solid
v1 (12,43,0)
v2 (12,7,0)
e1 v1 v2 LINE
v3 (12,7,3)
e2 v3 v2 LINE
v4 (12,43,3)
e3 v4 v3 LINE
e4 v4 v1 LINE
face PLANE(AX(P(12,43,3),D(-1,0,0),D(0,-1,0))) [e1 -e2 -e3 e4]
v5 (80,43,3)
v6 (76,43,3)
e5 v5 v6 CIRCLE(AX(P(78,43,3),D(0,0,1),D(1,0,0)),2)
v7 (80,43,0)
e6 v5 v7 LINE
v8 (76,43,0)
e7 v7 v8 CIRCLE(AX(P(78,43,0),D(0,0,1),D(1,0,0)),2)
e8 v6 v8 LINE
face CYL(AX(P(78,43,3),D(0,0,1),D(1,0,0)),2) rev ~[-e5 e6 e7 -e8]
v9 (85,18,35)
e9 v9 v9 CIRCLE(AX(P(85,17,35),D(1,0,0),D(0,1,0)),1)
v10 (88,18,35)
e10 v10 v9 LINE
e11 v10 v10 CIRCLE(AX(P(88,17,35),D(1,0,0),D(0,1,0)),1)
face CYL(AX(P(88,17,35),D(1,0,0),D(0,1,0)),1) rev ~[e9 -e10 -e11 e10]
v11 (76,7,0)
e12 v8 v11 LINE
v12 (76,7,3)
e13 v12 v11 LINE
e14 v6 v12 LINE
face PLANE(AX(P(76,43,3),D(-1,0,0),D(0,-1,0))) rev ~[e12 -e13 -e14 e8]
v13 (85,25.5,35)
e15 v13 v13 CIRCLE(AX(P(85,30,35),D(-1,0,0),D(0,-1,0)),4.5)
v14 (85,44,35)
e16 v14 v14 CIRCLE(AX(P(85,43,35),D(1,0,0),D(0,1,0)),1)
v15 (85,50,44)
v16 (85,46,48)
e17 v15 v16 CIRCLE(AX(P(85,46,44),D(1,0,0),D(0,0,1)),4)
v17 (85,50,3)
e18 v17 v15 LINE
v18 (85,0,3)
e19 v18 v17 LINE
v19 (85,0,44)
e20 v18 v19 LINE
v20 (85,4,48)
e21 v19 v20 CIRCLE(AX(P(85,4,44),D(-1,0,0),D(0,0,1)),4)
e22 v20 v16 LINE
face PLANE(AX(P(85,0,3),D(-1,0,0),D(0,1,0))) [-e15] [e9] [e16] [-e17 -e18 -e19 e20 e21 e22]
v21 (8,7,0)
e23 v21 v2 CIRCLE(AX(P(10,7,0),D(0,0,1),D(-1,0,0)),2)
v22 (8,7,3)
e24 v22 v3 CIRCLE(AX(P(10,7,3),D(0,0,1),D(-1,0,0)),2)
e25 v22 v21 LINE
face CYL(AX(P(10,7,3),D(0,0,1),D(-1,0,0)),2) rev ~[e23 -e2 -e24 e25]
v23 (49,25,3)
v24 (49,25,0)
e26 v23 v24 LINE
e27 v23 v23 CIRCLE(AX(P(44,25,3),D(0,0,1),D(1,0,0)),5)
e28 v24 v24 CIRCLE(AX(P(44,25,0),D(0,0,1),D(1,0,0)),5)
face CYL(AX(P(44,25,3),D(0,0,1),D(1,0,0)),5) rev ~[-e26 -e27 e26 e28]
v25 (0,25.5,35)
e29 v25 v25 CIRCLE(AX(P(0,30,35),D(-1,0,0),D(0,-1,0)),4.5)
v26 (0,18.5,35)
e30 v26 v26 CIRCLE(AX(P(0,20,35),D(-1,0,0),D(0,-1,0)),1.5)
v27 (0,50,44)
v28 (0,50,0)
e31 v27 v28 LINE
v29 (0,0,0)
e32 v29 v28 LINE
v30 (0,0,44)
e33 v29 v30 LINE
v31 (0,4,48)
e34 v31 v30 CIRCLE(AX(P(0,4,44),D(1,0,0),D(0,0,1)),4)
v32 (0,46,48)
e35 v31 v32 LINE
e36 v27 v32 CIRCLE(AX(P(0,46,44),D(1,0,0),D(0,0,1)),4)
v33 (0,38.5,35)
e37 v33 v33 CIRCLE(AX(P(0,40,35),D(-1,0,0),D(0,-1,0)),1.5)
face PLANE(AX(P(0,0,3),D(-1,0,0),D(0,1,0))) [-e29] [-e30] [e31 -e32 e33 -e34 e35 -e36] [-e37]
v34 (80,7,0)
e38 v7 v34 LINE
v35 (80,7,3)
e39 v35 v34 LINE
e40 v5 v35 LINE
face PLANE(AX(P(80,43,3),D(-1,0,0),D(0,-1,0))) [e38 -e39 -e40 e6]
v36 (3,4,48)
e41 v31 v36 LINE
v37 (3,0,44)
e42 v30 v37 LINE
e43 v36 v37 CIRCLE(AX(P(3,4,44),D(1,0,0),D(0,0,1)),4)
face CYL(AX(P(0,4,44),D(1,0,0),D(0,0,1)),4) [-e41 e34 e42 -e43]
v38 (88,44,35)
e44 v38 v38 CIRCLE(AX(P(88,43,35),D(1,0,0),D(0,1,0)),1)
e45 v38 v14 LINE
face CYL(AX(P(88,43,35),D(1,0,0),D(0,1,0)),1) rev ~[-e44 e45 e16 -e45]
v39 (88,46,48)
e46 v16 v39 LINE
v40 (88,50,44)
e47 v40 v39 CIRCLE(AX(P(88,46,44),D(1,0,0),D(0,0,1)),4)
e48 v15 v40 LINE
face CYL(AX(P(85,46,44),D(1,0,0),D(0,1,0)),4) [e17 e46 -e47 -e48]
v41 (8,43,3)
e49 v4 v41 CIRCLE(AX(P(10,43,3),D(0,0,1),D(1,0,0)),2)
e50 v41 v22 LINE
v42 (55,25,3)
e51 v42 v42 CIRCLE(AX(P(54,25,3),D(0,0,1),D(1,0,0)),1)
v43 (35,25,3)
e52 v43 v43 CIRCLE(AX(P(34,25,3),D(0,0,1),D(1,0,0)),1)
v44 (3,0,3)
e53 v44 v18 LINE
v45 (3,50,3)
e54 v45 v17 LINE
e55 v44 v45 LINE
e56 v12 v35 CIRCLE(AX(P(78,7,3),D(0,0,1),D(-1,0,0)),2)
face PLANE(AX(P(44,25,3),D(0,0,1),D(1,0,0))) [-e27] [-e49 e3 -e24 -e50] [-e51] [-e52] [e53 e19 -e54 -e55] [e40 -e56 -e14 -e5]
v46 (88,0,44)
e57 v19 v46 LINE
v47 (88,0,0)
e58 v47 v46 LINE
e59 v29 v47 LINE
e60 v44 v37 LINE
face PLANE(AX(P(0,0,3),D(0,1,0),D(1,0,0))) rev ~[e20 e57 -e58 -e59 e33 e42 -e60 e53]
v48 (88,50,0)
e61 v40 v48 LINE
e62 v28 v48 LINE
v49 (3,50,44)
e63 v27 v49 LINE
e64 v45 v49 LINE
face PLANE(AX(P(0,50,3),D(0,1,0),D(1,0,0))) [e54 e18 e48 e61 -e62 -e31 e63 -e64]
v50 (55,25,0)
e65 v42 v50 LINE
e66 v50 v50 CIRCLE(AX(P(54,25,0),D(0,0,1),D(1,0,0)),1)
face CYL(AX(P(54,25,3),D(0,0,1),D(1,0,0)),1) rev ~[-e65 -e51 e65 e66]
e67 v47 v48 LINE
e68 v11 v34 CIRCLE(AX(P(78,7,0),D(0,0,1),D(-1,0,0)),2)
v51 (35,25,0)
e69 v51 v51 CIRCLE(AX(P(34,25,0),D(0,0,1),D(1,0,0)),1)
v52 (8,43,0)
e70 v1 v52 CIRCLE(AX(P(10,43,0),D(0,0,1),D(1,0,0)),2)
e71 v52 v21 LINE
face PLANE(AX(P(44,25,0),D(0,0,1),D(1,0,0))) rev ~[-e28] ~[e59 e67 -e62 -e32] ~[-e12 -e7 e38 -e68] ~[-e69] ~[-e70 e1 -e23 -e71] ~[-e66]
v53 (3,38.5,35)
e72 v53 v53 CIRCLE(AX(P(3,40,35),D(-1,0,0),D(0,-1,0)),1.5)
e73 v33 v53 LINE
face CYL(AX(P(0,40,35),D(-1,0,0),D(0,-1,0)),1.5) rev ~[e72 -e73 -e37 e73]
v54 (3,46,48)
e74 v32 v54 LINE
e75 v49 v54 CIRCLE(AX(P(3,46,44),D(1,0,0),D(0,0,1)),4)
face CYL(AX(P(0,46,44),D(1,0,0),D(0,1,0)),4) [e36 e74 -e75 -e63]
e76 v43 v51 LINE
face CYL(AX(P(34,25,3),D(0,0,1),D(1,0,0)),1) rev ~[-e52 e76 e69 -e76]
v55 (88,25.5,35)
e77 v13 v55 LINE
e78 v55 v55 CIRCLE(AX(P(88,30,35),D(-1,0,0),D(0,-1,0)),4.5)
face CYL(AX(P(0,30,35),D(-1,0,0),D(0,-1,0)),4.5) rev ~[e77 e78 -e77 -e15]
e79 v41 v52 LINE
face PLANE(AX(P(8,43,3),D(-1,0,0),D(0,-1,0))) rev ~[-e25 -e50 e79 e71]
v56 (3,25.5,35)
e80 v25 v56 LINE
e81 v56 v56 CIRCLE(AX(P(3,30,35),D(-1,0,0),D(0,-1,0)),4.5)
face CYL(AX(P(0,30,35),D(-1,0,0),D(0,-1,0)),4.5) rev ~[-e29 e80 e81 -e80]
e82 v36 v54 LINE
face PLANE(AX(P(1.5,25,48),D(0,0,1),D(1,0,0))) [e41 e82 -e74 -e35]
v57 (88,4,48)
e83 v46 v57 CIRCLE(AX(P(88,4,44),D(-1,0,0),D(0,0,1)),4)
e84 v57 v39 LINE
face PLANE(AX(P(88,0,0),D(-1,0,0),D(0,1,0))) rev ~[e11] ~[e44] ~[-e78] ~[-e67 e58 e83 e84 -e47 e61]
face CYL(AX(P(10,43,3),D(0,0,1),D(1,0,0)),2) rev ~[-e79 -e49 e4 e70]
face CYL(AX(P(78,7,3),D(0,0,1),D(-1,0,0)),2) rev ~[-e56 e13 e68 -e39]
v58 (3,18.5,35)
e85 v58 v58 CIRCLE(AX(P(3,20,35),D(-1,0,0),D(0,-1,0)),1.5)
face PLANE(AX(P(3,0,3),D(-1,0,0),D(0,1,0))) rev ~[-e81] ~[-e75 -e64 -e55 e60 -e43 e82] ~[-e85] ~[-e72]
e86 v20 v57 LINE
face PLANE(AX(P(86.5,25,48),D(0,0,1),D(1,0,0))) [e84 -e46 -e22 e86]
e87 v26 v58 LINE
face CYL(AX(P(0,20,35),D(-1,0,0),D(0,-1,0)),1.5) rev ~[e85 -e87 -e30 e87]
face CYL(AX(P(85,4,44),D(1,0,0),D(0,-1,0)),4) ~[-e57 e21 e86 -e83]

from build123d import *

# Parameters (mm, degrees)
SKETCH_W        = 88
SKETCH_H        = 50
PAD_DEPTH       = 3
SKETCH001_R     = 5
POCKET_DEPTH    = 5
SKETCH002_W     = 3
SKETCH002_H     = 50
PAD001_DEPTH    = 45
SKETCH003_R     = 4.5
POCKET001_DEPTH = 90
FILLET_R        = 4
FILLET001_R     = 4
FILLET002_R     = 4
FILLET003_R     = 4
POCKET002_DEPTH = 5
SKETCH005_R     = 1.5
POCKET003_DEPTH = 5
SKETCH006_R     = 1
POCKET004_DEPTH = 5
SKETCH007_R     = 1
POCKET005_DEPTH = 5


with BuildPart() as part:
    # Sketch → Pad (new body)
    with BuildSketch(Plane.XY):
        with Locations((44, 25)):
            Rectangle(SKETCH_W, SKETCH_H)
    extrude(amount=PAD_DEPTH)

    # Sketch001 → Pocket (cut)
    with BuildSketch(Plane.XY.offset(3)):
        with Locations((44, 25)):
            Circle(SKETCH001_R)
    extrude(amount=-POCKET_DEPTH, mode=Mode.SUBTRACT)

    # Sketch002 → Pad001 (new body)
    with BuildSketch(Plane.XY.offset(3)):
        with Locations((1.5, 25)):
            Rectangle(SKETCH002_W, SKETCH002_H)
        with Locations((86.5, 25)):
            Rectangle(SKETCH002_W, SKETCH002_H)
    extrude(amount=PAD001_DEPTH)

    # Sketch003 → Pocket001 (cut)
    with BuildSketch(Plane(origin=(0, 0, 0), x_dir=(0, -1, 0), z_dir=(-1, 0, 0))):
        with Locations((-30, 35)):
            Circle(SKETCH003_R)
    extrude(amount=-POCKET001_DEPTH, mode=Mode.SUBTRACT)

    # Fillet
    fillet_edges = [part.edges().sort_by_distance(p)[0] for p in [
        (1.5, 0, 48),
    ]]
    fillet(fillet_edges, radius=FILLET_R)

    # Fillet001
    fillet001_edges = [part.edges().sort_by_distance(p)[0] for p in [
        (86.5, 0, 48),
    ]]
    fillet(fillet001_edges, radius=FILLET001_R)

    # Fillet002
    fillet002_edges = [part.edges().sort_by_distance(p)[0] for p in [
        (1.5, 50, 48),
    ]]
    fillet(fillet002_edges, radius=FILLET002_R)

    # Fillet003
    fillet003_edges = [part.edges().sort_by_distance(p)[0] for p in [
        (86.5, 50, 48),
    ]]
    fillet(fillet003_edges, radius=FILLET003_R)

    # Sketch004 → Pocket002 (cut)
    with BuildSketch(Plane.XY.offset(3)):
        with BuildLine():
            ThreePointArc((12, 43), (10, 45), (8, 43))
            Line((8, 43), (8, 7))
            ThreePointArc((8, 7), (10, 5), (12, 7))
            Line((12, 43), (12, 7))
        make_face()
        with BuildLine():
            ThreePointArc((80, 43), (78, 45), (76, 43))
            Line((76, 43), (76, 7))
            ThreePointArc((76, 7), (78, 5), (80, 7))
            Line((80, 43), (80, 7))
        make_face()
    extrude(amount=-POCKET002_DEPTH, mode=Mode.SUBTRACT)

    # Sketch005 → Pocket003 (cut)
    with BuildSketch(Plane(origin=(0, 0, 0), x_dir=(0, -1, 0), z_dir=(-1, 0, 0))):
        with Locations((-40, 35)):
            Circle(SKETCH005_R)
        with Locations((-20, 35)):
            Circle(SKETCH005_R)
    extrude(amount=-POCKET003_DEPTH, mode=Mode.SUBTRACT)

    # Sketch006 → Pocket004 (cut)
    with BuildSketch(Plane.YZ.offset(88)):
        with Locations((17, 35)):
            Circle(SKETCH006_R)
        with Locations((43, 35)):
            Circle(SKETCH006_R)
    extrude(amount=-POCKET004_DEPTH, mode=Mode.SUBTRACT)

    # Sketch007 → Pocket005 (cut)
    with BuildSketch(Plane.XY.offset(3)):
        with Locations((34, 25)):
            Circle(SKETCH007_R)
        with Locations((54, 25)):
            Circle(SKETCH007_R)
    extrude(amount=-POCKET005_DEPTH, mode=Mode.SUBTRACT)


solid = part.part
